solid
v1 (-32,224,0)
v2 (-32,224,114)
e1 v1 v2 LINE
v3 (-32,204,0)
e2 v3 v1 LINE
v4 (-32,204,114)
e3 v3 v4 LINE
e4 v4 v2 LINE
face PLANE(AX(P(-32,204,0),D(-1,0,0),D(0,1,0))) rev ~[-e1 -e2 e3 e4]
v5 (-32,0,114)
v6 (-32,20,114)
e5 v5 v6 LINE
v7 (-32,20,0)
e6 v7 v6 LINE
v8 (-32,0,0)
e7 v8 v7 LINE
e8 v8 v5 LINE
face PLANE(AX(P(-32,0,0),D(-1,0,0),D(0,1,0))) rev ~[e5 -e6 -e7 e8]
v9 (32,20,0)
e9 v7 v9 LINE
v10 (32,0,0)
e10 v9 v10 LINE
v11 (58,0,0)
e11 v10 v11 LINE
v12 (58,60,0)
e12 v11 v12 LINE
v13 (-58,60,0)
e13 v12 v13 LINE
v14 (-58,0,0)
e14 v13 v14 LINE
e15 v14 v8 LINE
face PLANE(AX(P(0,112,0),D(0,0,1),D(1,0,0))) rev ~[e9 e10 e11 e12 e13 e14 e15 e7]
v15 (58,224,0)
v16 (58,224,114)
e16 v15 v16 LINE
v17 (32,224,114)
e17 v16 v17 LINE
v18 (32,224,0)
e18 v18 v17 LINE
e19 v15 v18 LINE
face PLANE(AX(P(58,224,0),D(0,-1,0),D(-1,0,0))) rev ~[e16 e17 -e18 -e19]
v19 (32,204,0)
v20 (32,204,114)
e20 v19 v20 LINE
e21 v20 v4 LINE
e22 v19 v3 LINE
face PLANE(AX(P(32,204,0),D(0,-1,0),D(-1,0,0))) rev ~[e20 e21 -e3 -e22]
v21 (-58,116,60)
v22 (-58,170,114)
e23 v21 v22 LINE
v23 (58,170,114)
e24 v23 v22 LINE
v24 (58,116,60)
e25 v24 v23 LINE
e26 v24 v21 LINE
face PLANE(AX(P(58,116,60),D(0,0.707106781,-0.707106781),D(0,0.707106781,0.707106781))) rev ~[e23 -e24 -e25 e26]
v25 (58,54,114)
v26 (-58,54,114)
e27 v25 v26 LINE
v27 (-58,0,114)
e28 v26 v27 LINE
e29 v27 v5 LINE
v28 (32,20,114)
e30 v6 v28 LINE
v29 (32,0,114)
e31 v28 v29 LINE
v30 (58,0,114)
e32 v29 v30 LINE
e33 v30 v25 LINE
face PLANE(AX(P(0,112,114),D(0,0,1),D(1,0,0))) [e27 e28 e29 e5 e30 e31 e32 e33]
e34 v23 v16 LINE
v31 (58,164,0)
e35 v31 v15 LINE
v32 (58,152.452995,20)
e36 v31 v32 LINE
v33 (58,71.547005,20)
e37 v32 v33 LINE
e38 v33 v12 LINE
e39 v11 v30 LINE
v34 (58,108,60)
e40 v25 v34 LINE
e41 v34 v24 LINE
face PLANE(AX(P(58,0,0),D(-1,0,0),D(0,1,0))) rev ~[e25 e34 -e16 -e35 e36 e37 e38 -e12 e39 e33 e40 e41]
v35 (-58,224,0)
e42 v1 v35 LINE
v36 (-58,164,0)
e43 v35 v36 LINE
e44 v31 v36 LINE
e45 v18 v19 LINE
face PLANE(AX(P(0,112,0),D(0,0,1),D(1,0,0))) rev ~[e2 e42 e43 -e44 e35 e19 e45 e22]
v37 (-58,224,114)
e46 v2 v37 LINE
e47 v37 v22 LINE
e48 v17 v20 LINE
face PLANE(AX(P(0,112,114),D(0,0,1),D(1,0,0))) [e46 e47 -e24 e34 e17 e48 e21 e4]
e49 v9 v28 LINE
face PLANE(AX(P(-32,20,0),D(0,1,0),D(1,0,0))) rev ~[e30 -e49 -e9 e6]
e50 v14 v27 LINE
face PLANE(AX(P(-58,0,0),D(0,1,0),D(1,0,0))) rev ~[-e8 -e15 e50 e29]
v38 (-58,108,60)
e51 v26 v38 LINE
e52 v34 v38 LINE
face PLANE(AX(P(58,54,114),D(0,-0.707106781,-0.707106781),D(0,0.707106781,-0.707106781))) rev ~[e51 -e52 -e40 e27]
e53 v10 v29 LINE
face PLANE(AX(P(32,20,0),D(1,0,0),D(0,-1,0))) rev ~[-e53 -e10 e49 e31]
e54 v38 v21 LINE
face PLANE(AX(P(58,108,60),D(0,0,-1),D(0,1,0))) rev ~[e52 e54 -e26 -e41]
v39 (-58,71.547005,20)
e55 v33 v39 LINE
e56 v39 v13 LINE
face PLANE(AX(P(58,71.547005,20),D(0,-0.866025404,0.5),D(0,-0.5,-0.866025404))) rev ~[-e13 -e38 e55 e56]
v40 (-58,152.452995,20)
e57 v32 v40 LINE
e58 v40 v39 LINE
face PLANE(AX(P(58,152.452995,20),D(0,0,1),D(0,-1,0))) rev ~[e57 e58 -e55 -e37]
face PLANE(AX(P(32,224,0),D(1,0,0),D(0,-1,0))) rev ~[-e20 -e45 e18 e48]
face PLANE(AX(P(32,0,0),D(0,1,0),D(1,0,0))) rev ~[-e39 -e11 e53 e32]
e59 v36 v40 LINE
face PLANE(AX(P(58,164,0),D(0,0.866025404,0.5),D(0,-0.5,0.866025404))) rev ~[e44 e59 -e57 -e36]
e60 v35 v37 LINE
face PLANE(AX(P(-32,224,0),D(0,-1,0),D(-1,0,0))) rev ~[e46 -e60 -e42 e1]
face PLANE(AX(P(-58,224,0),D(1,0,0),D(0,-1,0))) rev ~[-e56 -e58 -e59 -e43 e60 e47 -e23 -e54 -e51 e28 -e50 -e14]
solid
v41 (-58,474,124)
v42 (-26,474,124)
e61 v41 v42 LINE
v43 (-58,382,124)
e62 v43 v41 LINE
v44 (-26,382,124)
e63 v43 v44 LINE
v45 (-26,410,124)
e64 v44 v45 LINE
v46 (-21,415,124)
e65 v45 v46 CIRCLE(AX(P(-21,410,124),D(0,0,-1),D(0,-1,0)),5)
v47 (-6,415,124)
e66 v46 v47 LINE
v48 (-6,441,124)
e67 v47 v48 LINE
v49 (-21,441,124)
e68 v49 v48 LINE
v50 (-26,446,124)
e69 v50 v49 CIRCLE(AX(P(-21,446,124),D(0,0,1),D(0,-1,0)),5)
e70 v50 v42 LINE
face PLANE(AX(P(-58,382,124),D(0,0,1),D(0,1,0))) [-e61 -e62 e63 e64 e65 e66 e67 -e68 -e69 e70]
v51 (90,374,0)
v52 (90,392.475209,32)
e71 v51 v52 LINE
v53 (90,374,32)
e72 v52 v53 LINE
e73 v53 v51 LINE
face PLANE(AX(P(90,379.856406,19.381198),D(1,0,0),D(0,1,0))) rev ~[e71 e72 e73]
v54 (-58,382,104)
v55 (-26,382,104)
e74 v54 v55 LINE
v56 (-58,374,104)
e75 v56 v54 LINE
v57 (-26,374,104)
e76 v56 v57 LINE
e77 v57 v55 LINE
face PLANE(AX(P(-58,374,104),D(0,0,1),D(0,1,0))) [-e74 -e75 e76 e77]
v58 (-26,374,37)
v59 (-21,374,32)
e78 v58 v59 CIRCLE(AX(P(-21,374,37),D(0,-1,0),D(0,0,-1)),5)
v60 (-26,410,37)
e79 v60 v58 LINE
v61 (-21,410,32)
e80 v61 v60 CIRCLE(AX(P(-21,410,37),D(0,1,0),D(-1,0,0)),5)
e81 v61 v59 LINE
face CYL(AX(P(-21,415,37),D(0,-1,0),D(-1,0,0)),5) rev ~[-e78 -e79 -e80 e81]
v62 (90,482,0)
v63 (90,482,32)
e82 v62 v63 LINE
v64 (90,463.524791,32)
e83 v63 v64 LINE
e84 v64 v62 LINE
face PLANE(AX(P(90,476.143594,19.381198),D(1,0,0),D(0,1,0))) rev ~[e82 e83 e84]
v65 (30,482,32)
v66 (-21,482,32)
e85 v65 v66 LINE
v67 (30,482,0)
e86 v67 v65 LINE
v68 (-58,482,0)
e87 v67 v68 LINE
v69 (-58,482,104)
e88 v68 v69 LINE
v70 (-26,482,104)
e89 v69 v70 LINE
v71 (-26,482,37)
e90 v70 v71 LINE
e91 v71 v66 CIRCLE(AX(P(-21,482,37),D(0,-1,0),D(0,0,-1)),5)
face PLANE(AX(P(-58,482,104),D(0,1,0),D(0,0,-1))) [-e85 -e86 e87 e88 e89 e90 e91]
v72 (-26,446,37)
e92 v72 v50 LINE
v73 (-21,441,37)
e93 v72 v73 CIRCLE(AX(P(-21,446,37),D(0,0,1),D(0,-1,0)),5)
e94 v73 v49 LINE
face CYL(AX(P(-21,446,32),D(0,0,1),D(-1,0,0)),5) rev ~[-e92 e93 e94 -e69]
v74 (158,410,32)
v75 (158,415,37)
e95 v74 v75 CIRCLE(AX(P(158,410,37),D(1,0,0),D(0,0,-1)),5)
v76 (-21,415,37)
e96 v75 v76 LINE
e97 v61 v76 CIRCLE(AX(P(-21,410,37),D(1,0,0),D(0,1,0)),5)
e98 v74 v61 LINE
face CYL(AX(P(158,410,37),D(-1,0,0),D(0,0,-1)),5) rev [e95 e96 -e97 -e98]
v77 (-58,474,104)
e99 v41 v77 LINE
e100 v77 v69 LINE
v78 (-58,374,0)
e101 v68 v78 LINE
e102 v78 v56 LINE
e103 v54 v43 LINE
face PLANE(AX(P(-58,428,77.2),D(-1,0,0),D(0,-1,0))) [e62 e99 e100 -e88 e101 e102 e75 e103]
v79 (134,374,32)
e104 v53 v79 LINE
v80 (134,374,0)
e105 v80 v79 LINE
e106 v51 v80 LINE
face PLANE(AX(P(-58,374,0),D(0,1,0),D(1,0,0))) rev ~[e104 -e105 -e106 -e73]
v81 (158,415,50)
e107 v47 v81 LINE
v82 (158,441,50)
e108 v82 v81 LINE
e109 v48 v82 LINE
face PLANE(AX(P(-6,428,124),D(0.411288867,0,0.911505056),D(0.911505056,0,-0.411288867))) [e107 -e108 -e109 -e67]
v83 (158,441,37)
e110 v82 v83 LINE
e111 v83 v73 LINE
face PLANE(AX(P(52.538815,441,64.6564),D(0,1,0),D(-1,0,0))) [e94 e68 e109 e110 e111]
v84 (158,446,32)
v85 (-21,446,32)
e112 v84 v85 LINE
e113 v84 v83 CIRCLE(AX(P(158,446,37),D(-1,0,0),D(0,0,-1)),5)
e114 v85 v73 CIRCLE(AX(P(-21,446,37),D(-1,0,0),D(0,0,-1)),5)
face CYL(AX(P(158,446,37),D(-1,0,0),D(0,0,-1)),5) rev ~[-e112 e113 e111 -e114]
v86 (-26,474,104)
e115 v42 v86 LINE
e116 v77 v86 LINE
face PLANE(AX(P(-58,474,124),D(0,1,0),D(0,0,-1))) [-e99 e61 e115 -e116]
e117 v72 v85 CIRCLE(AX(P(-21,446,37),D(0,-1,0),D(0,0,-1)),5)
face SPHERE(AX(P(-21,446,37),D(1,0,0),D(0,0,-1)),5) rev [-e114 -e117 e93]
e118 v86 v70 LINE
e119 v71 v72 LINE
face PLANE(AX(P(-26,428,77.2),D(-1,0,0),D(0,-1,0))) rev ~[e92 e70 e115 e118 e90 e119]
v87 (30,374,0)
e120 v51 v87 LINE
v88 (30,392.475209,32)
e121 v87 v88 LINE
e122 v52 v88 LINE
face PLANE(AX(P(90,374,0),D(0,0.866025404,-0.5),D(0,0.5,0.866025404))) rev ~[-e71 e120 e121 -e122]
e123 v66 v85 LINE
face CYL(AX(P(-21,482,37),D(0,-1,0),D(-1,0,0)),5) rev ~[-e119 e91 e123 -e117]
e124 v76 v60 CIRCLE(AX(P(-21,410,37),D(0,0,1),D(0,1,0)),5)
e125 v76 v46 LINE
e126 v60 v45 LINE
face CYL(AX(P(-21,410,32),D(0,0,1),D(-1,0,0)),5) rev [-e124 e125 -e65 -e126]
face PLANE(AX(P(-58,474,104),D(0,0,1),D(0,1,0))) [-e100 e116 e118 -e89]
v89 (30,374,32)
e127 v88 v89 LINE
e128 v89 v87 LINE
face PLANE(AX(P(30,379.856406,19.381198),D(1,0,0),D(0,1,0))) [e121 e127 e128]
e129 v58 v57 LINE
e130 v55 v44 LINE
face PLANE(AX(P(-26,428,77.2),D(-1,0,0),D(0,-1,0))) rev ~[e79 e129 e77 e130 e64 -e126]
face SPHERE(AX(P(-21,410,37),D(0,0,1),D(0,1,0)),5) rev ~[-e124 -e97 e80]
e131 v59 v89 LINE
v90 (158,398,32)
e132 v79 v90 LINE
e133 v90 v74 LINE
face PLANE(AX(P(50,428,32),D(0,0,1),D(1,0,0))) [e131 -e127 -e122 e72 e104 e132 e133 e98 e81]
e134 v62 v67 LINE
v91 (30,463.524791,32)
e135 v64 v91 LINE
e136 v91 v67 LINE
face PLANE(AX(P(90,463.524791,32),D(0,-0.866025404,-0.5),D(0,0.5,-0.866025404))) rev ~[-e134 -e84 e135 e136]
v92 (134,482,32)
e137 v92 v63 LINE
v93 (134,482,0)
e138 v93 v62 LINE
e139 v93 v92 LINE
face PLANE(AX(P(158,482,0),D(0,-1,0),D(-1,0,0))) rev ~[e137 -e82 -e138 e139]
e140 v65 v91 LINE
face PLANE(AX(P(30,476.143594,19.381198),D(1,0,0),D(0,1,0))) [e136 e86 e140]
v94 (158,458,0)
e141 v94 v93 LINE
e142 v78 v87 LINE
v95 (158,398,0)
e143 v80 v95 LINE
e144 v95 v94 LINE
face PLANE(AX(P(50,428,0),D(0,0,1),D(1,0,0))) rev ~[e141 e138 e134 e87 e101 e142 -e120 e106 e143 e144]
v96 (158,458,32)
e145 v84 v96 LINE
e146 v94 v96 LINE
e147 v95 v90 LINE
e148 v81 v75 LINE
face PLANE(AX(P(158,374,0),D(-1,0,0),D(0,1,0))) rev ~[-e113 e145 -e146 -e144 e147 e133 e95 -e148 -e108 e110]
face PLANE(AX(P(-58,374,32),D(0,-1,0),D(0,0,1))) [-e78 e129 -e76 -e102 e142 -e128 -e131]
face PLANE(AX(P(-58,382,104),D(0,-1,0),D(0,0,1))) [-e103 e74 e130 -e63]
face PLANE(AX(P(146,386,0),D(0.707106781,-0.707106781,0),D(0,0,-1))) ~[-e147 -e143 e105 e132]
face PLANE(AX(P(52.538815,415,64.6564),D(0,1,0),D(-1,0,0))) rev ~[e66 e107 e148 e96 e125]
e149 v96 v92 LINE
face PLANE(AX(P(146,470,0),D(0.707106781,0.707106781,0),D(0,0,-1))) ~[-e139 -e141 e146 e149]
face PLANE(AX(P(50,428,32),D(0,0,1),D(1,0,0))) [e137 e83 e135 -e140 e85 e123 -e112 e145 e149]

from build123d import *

# Parameters (mm, degrees)
F1_DEPTH  = 114
F3_DEPTH  = 116.001
F5_DEPTH  = 32
F6_SIZE   = 24
F9_DEPTH  = 60
F11_DEPTH = 32
F14_DEPTH = 13
F15_R     = 5


with BuildPart() as f1:
    # F0 (on Top) → F1 (new body)
    with BuildSketch(Plane.XY):
        Polygon((-58, 0), (-32, 0), (-32, 20), (0, 20), (32, 20), (32, 0), (58, 0), (58, 54), (58, 170), (58, 224), (32, 224), (32, 204), (0, 204), (-32, 204), (-32, 224), (-58, 224), (-58, 170), (-58, 54), align=None)
    extrude(amount=F1_DEPTH)

    # F2 (on face) → F3 (cut, through all)
    with BuildSketch(Plane.YZ.offset(58)):
        Polygon((71.5470053838, 20), (60, 0), (164, 0), (152.4529946162, 20), align=None)
        Polygon((170, 114), (54, 114), (108, 60), (116, 60), align=None)
    extrude(amount=-F3_DEPTH, mode=Mode.SUBTRACT)


with BuildPart() as f5:
    # F4 (on Top) → F5 (new body)
    with BuildSketch(Plane.XY):
        Polygon((-58, 482), (-58, 374), (30, 374), (90, 374), (158, 374), (158, 482), (90, 482), (30, 482), align=None)
    extrude(amount=F5_DEPTH)

    # F6
    f6_edges = [f5.edges().sort_by_distance(p)[0] for p in [
        (158, 374, 16),
        (158, 482, 16),
    ]]
    chamfer(f6_edges, length=F6_SIZE)

    # F8 (on offset) → F9 (cut)
    with BuildSketch(Plane.YZ.offset(90)):
        Polygon((392.4752086141, 32), (374, 32), (374, 0), align=None)
        Polygon((482, 0), (482, 32), (463.5247913859, 32), align=None)
    extrude(amount=-F9_DEPTH, mode=Mode.SUBTRACT)

    # F10 (on face) → F11 (join)
    with BuildSketch(Plane(origin=(-58, 0, 0), x_dir=(0, -1, 0), z_dir=(-1, 0, 0))):
        Polygon((-482, 104), (-482, 32), (-374, 32), (-374, 104), (-382, 104), (-382, 124), (-474, 124), (-474, 104), align=None)
    extrude(amount=-F11_DEPTH)

    # F13 (on offset) → F14 (join, symmetric)
    with BuildSketch(Plane(origin=(0, 428, 0), x_dir=(-1, 0, 0), z_dir=(0, 1, 0))):
        Polygon((-134, 32), (26, 32), (26, 104), (26, 124), (6, 124), (-158, 50), (-158, 32), align=None)
    extrude(amount=F14_DEPTH, both=True)

    # F15
    f15_edges = [f5.edges().sort_by_distance(p)[0] for p in [
        (-26, 415, 78),
        (66, 415, 32),
        (-26, 394.5, 32),
        (66, 441, 32),
        (-26, 461.5, 32),
        (-26, 441, 78),
    ]]
    fillet(f15_edges, radius=F15_R)


solid = Compound([f1.part, f5.part])
